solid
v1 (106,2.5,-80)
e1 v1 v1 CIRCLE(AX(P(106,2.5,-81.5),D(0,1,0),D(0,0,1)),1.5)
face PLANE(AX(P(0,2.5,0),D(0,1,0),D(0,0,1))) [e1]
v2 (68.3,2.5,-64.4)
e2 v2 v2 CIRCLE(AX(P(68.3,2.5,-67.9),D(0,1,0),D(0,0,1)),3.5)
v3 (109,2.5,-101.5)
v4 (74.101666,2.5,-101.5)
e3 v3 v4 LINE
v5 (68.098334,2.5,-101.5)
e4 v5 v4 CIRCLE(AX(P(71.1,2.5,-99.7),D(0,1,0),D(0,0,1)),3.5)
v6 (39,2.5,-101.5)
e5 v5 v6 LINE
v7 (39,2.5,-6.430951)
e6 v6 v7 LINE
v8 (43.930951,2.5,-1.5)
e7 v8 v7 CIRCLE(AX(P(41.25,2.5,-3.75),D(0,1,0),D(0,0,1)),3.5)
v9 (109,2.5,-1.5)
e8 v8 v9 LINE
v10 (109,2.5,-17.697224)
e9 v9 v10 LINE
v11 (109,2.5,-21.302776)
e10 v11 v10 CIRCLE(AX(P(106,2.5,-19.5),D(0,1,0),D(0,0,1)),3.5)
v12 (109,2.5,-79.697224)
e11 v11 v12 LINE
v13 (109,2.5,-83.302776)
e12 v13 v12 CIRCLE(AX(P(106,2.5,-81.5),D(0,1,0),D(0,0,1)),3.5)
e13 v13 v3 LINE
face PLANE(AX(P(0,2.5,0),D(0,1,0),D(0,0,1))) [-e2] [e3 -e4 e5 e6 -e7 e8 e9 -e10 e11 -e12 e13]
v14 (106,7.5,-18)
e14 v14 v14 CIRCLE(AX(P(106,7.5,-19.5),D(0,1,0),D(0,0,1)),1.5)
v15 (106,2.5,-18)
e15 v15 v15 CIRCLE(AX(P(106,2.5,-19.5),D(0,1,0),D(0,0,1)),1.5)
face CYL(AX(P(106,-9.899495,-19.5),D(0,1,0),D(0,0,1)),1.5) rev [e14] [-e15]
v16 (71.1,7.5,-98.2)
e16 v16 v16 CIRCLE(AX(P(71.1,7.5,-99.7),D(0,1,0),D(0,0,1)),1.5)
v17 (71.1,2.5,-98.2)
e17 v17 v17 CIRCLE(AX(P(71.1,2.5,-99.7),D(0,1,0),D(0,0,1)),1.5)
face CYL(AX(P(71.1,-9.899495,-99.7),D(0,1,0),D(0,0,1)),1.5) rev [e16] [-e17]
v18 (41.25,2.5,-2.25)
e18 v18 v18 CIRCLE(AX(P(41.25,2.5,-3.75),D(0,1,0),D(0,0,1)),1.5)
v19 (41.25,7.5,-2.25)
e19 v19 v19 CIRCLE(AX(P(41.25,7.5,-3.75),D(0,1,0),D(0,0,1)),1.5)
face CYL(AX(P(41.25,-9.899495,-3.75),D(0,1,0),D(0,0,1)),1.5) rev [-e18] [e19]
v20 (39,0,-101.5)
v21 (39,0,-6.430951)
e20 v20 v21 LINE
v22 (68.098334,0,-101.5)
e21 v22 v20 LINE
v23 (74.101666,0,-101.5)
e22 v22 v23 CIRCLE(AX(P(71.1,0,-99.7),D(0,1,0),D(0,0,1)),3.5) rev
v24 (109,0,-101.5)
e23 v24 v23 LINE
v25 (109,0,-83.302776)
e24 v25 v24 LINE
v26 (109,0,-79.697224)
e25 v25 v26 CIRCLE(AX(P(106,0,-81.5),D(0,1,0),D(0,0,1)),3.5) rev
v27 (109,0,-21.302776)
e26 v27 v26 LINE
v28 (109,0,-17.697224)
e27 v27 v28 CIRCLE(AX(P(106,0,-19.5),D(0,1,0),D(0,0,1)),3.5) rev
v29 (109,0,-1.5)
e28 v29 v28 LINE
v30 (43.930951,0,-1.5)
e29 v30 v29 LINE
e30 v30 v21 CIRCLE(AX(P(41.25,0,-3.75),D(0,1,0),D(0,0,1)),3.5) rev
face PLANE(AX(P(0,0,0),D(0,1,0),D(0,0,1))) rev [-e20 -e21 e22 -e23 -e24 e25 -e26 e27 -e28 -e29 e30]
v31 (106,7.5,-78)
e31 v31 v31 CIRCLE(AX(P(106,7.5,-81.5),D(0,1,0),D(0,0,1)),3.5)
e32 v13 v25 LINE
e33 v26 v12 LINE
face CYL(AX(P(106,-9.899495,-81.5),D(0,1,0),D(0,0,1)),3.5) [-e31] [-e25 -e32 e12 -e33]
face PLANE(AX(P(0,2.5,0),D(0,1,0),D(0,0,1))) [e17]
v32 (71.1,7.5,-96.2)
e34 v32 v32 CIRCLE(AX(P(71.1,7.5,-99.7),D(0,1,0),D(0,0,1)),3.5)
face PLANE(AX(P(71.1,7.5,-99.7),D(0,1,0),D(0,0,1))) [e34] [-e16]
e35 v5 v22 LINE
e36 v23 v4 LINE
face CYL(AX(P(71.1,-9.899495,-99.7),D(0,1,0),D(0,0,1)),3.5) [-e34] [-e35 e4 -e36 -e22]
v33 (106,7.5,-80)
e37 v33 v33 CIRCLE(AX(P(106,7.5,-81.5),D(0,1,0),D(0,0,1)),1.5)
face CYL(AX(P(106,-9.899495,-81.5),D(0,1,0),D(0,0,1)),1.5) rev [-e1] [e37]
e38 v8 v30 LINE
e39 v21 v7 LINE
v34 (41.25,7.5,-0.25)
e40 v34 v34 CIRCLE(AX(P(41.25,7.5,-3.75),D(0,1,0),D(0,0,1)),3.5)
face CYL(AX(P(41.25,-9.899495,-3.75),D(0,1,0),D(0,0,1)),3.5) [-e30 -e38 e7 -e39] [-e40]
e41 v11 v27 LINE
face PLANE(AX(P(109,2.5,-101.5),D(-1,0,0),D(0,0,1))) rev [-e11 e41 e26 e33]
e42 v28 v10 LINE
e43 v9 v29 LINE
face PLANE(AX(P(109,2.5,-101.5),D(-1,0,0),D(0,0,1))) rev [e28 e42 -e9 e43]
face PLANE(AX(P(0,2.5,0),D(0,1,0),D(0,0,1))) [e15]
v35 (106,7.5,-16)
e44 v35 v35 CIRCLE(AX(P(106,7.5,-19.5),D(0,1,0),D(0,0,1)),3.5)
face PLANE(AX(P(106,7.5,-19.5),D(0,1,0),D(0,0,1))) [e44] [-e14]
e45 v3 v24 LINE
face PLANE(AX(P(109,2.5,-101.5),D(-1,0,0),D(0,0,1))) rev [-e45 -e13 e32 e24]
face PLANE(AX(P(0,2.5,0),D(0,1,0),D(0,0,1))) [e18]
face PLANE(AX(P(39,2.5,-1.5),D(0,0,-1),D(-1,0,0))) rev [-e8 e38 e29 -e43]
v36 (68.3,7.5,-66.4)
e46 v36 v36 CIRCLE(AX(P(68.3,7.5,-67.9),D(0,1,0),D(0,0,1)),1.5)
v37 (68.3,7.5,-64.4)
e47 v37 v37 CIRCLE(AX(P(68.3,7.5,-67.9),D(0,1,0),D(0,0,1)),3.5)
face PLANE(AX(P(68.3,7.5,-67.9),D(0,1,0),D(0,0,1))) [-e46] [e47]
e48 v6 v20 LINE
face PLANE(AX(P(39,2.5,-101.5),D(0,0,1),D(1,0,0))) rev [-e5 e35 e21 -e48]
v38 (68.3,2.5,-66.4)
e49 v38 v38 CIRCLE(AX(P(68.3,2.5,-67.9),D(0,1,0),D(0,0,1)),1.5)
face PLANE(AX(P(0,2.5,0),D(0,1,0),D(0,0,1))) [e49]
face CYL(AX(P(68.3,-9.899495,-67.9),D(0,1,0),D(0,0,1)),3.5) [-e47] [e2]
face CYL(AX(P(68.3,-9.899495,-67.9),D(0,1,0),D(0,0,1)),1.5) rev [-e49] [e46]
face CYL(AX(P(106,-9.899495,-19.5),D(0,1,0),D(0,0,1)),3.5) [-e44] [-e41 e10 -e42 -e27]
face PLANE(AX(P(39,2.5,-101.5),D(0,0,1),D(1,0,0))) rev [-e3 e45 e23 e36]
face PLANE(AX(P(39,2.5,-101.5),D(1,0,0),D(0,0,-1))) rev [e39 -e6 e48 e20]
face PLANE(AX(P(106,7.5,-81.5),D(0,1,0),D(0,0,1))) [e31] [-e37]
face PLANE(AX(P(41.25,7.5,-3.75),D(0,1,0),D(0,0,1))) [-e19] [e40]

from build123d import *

# Parameters (mm, degrees)
SKETCH2_W                       = 70
SKETCH2_H                       = 100
BOSS_EXTRUDE1_DEPTH             = 2.5
SKETCH3_R                       = 3.5
SKETCH3_R_2                     = 1.5
BOSS_EXTRUDE2_DEPTH             = 5
BOSS_EXTRUDE2_DIRECTION_2_REACH = 150.961


with BuildPart() as part:
    # Sketch2 → Boss-Extrude1 (new body)
    with BuildSketch(Plane(origin=(0, 0, 0), x_dir=(1, 0, 0), z_dir=(0, 1, 0))):
        with Locations((74, 51.5)):
            Rectangle(SKETCH2_W, SKETCH2_H)
    extrude(amount=BOSS_EXTRUDE1_DEPTH)

    # Sketch3 → Boss-Extrude2 (add)
    # profile 1 of 5: a face of its own
    with BuildSketch(Plane(origin=(0, 2.5, 0), x_dir=(1, 0, 0), z_dir=(0, 1, 0))):
        with Locations(Location((41.25, 3.75, 0), (0, 0, 270))):
            Circle(SKETCH3_R)
        with Locations(Location((41.25, 3.75, 0), (0, 0, 270))):
            Circle(SKETCH3_R_2, mode=Mode.SUBTRACT)
    # profile 2 of 5: a face of its own
    with BuildSketch(Plane(origin=(0, 2.5, 0), x_dir=(1, 0, 0), z_dir=(0, 1, 0))):
        with Locations(Location((106, 19.5, 0), (0, 0, 270))):
            Circle(SKETCH3_R)
        with Locations(Location((106, 19.5, 0), (0, 0, 270))):
            Circle(SKETCH3_R_2, mode=Mode.SUBTRACT)
    # profile 3 of 5: a face of its own
    with BuildSketch(Plane(origin=(0, 2.5, 0), x_dir=(1, 0, 0), z_dir=(0, 1, 0))):
        with Locations(Location((106, 81.5, 0), (0, 0, 270))):
            Circle(SKETCH3_R)
        with Locations(Location((106, 81.5, 0), (0, 0, 270))):
            Circle(SKETCH3_R_2, mode=Mode.SUBTRACT)
    # profile 4 of 5: a face of its own
    with BuildSketch(Plane(origin=(0, 2.5, 0), x_dir=(1, 0, 0), z_dir=(0, 1, 0))):
        with Locations(Location((68.3, 67.9, 0), (0, 0, 270))):
            Circle(SKETCH3_R)
        with Locations(Location((68.3, 67.9, 0), (0, 0, 270))):
            Circle(SKETCH3_R_2, mode=Mode.SUBTRACT)
    # profile 5 of 5: a face of its own
    with BuildSketch(Plane(origin=(0, 2.5, 0), x_dir=(1, 0, 0), z_dir=(0, 1, 0))):
        with Locations(Location((71.1, 99.7, 0), (0, 0, 270))):
            Circle(SKETCH3_R)
        with Locations(Location((71.1, 99.7, 0), (0, 0, 270))):
            Circle(SKETCH3_R_2, mode=Mode.SUBTRACT)
    extrude(amount=BOSS_EXTRUDE2_DEPTH)

    # Boss-Extrude2 direction 2: up to this face of the body (flat: up to its plane)
    boss_extrude2_direction_2_end = Plane(part.part.faces().sort_by_distance((74, 0, -51.5))[0])
    # Sketch3 → Boss-Extrude2 direction 2 (add, up to the picked face)
    with BuildSketch(Plane(origin=(0, 2.5, 0), x_dir=(1, 0, 0), z_dir=(0, 1, 0)), mode=Mode.PRIVATE) as boss_extrude2_direction_2_sk1:
        with Locations(Location((41.25, 3.75, 0), (0, 0, 270))):
            Circle(SKETCH3_R)
        with Locations(Location((41.25, 3.75, 0), (0, 0, 270))):
            Circle(SKETCH3_R_2, mode=Mode.SUBTRACT)
    boss_extrude2_direction_2_tool1 = split(extrude(boss_extrude2_direction_2_sk1.sketch, amount=-BOSS_EXTRUDE2_DIRECTION_2_REACH, mode=Mode.PRIVATE), bisect_by=boss_extrude2_direction_2_end, keep=Keep.BOTH, mode=Mode.PRIVATE)
    # Sketch3 → Boss-Extrude2 direction 2 (add, up to the picked face)
    with BuildSketch(Plane(origin=(0, 2.5, 0), x_dir=(1, 0, 0), z_dir=(0, 1, 0)), mode=Mode.PRIVATE) as boss_extrude2_direction_2_sk2:
        with Locations(Location((106, 19.5, 0), (0, 0, 270))):
            Circle(SKETCH3_R)
        with Locations(Location((106, 19.5, 0), (0, 0, 270))):
            Circle(SKETCH3_R_2, mode=Mode.SUBTRACT)
    boss_extrude2_direction_2_tool2 = split(extrude(boss_extrude2_direction_2_sk2.sketch, amount=-BOSS_EXTRUDE2_DIRECTION_2_REACH, mode=Mode.PRIVATE), bisect_by=boss_extrude2_direction_2_end, keep=Keep.BOTH, mode=Mode.PRIVATE)
    # Sketch3 → Boss-Extrude2 direction 2 (add, up to the picked face)
    with BuildSketch(Plane(origin=(0, 2.5, 0), x_dir=(1, 0, 0), z_dir=(0, 1, 0)), mode=Mode.PRIVATE) as boss_extrude2_direction_2_sk3:
        with Locations(Location((106, 81.5, 0), (0, 0, 270))):
            Circle(SKETCH3_R)
        with Locations(Location((106, 81.5, 0), (0, 0, 270))):
            Circle(SKETCH3_R_2, mode=Mode.SUBTRACT)
    boss_extrude2_direction_2_tool3 = split(extrude(boss_extrude2_direction_2_sk3.sketch, amount=-BOSS_EXTRUDE2_DIRECTION_2_REACH, mode=Mode.PRIVATE), bisect_by=boss_extrude2_direction_2_end, keep=Keep.BOTH, mode=Mode.PRIVATE)
    # Sketch3 → Boss-Extrude2 direction 2 (add, up to the picked face)
    with BuildSketch(Plane(origin=(0, 2.5, 0), x_dir=(1, 0, 0), z_dir=(0, 1, 0)), mode=Mode.PRIVATE) as boss_extrude2_direction_2_sk4:
        with Locations(Location((68.3, 67.9, 0), (0, 0, 270))):
            Circle(SKETCH3_R)
        with Locations(Location((68.3, 67.9, 0), (0, 0, 270))):
            Circle(SKETCH3_R_2, mode=Mode.SUBTRACT)
    boss_extrude2_direction_2_tool4 = split(extrude(boss_extrude2_direction_2_sk4.sketch, amount=-BOSS_EXTRUDE2_DIRECTION_2_REACH, mode=Mode.PRIVATE), bisect_by=boss_extrude2_direction_2_end, keep=Keep.BOTH, mode=Mode.PRIVATE)
    # Sketch3 → Boss-Extrude2 direction 2 (add, up to the picked face)
    with BuildSketch(Plane(origin=(0, 2.5, 0), x_dir=(1, 0, 0), z_dir=(0, 1, 0)), mode=Mode.PRIVATE) as boss_extrude2_direction_2_sk5:
        with Locations(Location((71.1, 99.7, 0), (0, 0, 270))):
            Circle(SKETCH3_R)
        with Locations(Location((71.1, 99.7, 0), (0, 0, 270))):
            Circle(SKETCH3_R_2, mode=Mode.SUBTRACT)
    boss_extrude2_direction_2_tool5 = split(extrude(boss_extrude2_direction_2_sk5.sketch, amount=-BOSS_EXTRUDE2_DIRECTION_2_REACH, mode=Mode.PRIVATE), bisect_by=boss_extrude2_direction_2_end, keep=Keep.BOTH, mode=Mode.PRIVATE)
    add(boss_extrude2_direction_2_tool1.solids().sort_by(Axis((41.25, 2.5, -7.151005), (0, -1, 0)))[0])
    add(boss_extrude2_direction_2_tool2.solids().sort_by(Axis((106, 2.5, -22.901005), (0, -1, 0)))[0])
    add(boss_extrude2_direction_2_tool3.solids().sort_by(Axis((106, 2.5, -84.901005), (0, -1, 0)))[0])
    add(boss_extrude2_direction_2_tool4.solids().sort_by(Axis((68.3, 2.5, -71.301005), (0, -1, 0)))[0])
    add(boss_extrude2_direction_2_tool5.solids().sort_by(Axis((71.1, 2.5, -103.101005), (0, -1, 0)))[0])


solid = part.part
